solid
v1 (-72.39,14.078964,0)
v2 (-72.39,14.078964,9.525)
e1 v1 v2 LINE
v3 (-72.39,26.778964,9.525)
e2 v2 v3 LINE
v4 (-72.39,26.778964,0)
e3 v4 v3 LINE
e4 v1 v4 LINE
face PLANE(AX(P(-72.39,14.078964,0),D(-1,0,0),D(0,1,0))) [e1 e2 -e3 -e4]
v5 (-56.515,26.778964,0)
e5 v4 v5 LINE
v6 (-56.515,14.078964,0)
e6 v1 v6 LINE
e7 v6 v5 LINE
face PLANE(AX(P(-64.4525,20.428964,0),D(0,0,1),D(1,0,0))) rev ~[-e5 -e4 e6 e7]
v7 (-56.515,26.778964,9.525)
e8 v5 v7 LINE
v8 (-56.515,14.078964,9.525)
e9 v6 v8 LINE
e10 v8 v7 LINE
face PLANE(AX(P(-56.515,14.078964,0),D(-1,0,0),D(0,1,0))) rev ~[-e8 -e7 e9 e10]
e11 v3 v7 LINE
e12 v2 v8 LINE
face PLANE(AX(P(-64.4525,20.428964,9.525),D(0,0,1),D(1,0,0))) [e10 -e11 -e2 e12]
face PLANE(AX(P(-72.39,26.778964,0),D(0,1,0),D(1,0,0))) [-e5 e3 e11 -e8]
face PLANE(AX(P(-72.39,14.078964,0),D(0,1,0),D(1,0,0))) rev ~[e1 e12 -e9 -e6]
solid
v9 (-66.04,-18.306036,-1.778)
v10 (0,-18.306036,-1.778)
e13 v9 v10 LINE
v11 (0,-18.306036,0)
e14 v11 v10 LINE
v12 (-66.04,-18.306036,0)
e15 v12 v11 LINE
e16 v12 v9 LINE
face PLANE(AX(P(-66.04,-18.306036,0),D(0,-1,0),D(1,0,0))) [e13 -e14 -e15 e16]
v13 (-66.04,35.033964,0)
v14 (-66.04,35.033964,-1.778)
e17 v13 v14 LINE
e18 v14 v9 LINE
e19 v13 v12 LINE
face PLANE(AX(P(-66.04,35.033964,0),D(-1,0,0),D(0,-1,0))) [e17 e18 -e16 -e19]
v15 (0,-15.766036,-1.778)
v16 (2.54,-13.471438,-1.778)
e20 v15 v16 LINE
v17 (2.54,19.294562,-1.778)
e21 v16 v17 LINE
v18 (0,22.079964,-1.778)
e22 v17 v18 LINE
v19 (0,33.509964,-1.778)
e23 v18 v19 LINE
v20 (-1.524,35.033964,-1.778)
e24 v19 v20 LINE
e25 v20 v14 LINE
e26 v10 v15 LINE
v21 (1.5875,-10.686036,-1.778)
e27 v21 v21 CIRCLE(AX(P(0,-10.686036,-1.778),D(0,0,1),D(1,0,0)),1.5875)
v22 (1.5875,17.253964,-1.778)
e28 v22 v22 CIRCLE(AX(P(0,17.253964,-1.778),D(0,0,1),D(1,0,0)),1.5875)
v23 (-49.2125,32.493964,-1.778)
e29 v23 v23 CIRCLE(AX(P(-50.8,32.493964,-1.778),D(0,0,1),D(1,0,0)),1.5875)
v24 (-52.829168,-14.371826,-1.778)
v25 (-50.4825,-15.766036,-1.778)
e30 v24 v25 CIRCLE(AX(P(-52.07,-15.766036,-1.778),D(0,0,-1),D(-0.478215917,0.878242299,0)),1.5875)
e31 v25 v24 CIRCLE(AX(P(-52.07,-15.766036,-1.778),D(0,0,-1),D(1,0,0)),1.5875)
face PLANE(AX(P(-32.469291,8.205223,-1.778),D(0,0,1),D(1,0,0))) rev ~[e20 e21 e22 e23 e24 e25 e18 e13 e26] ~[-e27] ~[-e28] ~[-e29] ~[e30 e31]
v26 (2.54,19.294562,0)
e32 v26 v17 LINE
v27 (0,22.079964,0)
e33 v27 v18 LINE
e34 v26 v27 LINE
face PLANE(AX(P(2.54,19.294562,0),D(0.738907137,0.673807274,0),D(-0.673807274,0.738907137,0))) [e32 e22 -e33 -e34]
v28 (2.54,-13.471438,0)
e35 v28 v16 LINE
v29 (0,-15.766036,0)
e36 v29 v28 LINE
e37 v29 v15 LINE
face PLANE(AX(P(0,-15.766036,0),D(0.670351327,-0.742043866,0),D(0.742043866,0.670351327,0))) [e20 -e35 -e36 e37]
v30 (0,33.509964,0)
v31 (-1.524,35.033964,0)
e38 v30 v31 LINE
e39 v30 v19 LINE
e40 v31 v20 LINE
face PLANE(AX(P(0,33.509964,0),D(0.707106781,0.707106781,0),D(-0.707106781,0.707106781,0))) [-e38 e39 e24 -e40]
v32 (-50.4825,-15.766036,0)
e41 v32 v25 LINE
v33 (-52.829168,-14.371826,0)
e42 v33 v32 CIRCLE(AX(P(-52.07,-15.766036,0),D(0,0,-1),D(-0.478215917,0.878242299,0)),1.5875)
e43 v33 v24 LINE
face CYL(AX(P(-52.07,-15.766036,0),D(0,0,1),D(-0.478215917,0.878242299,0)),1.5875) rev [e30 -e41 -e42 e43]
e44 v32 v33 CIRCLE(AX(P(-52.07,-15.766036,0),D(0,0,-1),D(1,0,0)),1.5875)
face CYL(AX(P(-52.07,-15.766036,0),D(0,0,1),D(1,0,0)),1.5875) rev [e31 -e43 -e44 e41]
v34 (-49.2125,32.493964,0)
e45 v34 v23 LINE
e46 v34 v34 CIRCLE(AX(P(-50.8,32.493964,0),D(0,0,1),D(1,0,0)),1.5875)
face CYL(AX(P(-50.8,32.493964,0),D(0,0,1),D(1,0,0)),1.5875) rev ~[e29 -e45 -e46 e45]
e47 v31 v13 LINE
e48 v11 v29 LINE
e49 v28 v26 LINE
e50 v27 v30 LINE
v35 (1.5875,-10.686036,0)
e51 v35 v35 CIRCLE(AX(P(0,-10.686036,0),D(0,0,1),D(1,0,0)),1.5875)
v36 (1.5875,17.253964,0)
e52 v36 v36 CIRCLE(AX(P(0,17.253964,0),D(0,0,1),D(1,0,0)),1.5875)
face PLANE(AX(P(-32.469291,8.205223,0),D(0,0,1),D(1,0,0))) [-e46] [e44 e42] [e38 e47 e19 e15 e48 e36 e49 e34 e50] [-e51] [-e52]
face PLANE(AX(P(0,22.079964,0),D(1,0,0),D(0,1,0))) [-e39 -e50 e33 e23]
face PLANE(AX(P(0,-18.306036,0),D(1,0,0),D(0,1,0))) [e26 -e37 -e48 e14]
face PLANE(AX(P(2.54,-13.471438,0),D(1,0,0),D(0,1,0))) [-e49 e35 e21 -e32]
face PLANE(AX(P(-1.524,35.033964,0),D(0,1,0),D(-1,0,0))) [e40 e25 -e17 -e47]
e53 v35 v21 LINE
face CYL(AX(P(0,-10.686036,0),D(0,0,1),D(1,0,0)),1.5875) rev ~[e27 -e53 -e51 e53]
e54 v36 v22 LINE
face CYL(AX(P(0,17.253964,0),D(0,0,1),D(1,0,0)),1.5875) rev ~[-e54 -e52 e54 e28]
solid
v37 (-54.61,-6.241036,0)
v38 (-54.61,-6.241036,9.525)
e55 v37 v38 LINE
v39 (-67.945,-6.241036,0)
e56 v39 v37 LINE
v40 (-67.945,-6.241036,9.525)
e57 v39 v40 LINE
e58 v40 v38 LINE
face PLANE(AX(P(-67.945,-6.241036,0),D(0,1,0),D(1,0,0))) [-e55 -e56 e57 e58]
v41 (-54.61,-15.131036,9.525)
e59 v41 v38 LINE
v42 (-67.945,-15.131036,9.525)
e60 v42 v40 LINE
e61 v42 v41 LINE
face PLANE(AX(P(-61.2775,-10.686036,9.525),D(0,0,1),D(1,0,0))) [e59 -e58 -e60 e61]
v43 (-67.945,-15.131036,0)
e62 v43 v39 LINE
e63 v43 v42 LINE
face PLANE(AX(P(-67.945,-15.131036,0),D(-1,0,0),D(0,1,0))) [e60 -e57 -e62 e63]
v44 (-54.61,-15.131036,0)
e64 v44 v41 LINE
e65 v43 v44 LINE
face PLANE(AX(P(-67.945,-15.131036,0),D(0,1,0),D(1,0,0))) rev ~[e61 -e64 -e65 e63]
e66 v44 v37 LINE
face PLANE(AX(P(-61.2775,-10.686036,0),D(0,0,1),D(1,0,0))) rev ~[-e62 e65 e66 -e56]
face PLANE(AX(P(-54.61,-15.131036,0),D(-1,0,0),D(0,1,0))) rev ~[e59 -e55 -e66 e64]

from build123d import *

# Parameters (mm, degrees)
F1_W     = 15.875
F1_H     = 12.7
F2_DEPTH = 9.525
F1_W_2   = 13.335
F1_H_2   = 8.89
F0_R     = 1.5875
F3_DEPTH = 1.778


with BuildPart() as f2:
    # F1 (on Top) → F2 (new body)
    with BuildSketch(Plane.XY):
        with Locations((-64.4525, 20.4289640361)):
            Rectangle(F1_W, F1_H)
    extrude(amount=F2_DEPTH)


with BuildPart() as f2b:
    # F1 (on Top) → F2, piece 2 (new body)
    with BuildSketch(Plane.XY):
        with Locations((-61.2775, -10.6860359639)):
            Rectangle(F1_W_2, F1_H_2)
    extrude(amount=F2_DEPTH)


with BuildPart() as f3:
    # F0 (on Top) → F3 (new body)
    with BuildSketch(Plane.XY):
        Polygon((-66.04, 35.0339640361), (-66.04, -18.3060359639), (-5.7715834118, -18.3060359639), (0, -18.3060359639), (0, -15.7660359639), (2.54, -13.4714379648), (2.54, 19.2945620352), (0, 22.0799640361), (0, 33.5099640361), (-1.524, 35.0339640361), align=None)
        with BuildLine():
            ThreePointArc((-52.8291677684, -14.3718263134), (-51.2591432254, -14.4012401765), (-50.4825, -15.7660359639))
            ThreePointArc((-50.4825, -15.7660359639), (-52.8808567746, -17.1308317512), (-52.8291677684, -14.3718263134))
        make_face(mode=Mode.SUBTRACT)
        with Locations((0, -10.6860359639)):
            Circle(F0_R, mode=Mode.SUBTRACT)
        with Locations((-50.8, 32.4939640361)):
            Circle(F0_R, mode=Mode.SUBTRACT)
        with Locations((0, 17.2539640361)):
            Circle(F0_R, mode=Mode.SUBTRACT)
    extrude(amount=-F3_DEPTH)


solid = Compound([f2.part, f2b.part, f3.part])
